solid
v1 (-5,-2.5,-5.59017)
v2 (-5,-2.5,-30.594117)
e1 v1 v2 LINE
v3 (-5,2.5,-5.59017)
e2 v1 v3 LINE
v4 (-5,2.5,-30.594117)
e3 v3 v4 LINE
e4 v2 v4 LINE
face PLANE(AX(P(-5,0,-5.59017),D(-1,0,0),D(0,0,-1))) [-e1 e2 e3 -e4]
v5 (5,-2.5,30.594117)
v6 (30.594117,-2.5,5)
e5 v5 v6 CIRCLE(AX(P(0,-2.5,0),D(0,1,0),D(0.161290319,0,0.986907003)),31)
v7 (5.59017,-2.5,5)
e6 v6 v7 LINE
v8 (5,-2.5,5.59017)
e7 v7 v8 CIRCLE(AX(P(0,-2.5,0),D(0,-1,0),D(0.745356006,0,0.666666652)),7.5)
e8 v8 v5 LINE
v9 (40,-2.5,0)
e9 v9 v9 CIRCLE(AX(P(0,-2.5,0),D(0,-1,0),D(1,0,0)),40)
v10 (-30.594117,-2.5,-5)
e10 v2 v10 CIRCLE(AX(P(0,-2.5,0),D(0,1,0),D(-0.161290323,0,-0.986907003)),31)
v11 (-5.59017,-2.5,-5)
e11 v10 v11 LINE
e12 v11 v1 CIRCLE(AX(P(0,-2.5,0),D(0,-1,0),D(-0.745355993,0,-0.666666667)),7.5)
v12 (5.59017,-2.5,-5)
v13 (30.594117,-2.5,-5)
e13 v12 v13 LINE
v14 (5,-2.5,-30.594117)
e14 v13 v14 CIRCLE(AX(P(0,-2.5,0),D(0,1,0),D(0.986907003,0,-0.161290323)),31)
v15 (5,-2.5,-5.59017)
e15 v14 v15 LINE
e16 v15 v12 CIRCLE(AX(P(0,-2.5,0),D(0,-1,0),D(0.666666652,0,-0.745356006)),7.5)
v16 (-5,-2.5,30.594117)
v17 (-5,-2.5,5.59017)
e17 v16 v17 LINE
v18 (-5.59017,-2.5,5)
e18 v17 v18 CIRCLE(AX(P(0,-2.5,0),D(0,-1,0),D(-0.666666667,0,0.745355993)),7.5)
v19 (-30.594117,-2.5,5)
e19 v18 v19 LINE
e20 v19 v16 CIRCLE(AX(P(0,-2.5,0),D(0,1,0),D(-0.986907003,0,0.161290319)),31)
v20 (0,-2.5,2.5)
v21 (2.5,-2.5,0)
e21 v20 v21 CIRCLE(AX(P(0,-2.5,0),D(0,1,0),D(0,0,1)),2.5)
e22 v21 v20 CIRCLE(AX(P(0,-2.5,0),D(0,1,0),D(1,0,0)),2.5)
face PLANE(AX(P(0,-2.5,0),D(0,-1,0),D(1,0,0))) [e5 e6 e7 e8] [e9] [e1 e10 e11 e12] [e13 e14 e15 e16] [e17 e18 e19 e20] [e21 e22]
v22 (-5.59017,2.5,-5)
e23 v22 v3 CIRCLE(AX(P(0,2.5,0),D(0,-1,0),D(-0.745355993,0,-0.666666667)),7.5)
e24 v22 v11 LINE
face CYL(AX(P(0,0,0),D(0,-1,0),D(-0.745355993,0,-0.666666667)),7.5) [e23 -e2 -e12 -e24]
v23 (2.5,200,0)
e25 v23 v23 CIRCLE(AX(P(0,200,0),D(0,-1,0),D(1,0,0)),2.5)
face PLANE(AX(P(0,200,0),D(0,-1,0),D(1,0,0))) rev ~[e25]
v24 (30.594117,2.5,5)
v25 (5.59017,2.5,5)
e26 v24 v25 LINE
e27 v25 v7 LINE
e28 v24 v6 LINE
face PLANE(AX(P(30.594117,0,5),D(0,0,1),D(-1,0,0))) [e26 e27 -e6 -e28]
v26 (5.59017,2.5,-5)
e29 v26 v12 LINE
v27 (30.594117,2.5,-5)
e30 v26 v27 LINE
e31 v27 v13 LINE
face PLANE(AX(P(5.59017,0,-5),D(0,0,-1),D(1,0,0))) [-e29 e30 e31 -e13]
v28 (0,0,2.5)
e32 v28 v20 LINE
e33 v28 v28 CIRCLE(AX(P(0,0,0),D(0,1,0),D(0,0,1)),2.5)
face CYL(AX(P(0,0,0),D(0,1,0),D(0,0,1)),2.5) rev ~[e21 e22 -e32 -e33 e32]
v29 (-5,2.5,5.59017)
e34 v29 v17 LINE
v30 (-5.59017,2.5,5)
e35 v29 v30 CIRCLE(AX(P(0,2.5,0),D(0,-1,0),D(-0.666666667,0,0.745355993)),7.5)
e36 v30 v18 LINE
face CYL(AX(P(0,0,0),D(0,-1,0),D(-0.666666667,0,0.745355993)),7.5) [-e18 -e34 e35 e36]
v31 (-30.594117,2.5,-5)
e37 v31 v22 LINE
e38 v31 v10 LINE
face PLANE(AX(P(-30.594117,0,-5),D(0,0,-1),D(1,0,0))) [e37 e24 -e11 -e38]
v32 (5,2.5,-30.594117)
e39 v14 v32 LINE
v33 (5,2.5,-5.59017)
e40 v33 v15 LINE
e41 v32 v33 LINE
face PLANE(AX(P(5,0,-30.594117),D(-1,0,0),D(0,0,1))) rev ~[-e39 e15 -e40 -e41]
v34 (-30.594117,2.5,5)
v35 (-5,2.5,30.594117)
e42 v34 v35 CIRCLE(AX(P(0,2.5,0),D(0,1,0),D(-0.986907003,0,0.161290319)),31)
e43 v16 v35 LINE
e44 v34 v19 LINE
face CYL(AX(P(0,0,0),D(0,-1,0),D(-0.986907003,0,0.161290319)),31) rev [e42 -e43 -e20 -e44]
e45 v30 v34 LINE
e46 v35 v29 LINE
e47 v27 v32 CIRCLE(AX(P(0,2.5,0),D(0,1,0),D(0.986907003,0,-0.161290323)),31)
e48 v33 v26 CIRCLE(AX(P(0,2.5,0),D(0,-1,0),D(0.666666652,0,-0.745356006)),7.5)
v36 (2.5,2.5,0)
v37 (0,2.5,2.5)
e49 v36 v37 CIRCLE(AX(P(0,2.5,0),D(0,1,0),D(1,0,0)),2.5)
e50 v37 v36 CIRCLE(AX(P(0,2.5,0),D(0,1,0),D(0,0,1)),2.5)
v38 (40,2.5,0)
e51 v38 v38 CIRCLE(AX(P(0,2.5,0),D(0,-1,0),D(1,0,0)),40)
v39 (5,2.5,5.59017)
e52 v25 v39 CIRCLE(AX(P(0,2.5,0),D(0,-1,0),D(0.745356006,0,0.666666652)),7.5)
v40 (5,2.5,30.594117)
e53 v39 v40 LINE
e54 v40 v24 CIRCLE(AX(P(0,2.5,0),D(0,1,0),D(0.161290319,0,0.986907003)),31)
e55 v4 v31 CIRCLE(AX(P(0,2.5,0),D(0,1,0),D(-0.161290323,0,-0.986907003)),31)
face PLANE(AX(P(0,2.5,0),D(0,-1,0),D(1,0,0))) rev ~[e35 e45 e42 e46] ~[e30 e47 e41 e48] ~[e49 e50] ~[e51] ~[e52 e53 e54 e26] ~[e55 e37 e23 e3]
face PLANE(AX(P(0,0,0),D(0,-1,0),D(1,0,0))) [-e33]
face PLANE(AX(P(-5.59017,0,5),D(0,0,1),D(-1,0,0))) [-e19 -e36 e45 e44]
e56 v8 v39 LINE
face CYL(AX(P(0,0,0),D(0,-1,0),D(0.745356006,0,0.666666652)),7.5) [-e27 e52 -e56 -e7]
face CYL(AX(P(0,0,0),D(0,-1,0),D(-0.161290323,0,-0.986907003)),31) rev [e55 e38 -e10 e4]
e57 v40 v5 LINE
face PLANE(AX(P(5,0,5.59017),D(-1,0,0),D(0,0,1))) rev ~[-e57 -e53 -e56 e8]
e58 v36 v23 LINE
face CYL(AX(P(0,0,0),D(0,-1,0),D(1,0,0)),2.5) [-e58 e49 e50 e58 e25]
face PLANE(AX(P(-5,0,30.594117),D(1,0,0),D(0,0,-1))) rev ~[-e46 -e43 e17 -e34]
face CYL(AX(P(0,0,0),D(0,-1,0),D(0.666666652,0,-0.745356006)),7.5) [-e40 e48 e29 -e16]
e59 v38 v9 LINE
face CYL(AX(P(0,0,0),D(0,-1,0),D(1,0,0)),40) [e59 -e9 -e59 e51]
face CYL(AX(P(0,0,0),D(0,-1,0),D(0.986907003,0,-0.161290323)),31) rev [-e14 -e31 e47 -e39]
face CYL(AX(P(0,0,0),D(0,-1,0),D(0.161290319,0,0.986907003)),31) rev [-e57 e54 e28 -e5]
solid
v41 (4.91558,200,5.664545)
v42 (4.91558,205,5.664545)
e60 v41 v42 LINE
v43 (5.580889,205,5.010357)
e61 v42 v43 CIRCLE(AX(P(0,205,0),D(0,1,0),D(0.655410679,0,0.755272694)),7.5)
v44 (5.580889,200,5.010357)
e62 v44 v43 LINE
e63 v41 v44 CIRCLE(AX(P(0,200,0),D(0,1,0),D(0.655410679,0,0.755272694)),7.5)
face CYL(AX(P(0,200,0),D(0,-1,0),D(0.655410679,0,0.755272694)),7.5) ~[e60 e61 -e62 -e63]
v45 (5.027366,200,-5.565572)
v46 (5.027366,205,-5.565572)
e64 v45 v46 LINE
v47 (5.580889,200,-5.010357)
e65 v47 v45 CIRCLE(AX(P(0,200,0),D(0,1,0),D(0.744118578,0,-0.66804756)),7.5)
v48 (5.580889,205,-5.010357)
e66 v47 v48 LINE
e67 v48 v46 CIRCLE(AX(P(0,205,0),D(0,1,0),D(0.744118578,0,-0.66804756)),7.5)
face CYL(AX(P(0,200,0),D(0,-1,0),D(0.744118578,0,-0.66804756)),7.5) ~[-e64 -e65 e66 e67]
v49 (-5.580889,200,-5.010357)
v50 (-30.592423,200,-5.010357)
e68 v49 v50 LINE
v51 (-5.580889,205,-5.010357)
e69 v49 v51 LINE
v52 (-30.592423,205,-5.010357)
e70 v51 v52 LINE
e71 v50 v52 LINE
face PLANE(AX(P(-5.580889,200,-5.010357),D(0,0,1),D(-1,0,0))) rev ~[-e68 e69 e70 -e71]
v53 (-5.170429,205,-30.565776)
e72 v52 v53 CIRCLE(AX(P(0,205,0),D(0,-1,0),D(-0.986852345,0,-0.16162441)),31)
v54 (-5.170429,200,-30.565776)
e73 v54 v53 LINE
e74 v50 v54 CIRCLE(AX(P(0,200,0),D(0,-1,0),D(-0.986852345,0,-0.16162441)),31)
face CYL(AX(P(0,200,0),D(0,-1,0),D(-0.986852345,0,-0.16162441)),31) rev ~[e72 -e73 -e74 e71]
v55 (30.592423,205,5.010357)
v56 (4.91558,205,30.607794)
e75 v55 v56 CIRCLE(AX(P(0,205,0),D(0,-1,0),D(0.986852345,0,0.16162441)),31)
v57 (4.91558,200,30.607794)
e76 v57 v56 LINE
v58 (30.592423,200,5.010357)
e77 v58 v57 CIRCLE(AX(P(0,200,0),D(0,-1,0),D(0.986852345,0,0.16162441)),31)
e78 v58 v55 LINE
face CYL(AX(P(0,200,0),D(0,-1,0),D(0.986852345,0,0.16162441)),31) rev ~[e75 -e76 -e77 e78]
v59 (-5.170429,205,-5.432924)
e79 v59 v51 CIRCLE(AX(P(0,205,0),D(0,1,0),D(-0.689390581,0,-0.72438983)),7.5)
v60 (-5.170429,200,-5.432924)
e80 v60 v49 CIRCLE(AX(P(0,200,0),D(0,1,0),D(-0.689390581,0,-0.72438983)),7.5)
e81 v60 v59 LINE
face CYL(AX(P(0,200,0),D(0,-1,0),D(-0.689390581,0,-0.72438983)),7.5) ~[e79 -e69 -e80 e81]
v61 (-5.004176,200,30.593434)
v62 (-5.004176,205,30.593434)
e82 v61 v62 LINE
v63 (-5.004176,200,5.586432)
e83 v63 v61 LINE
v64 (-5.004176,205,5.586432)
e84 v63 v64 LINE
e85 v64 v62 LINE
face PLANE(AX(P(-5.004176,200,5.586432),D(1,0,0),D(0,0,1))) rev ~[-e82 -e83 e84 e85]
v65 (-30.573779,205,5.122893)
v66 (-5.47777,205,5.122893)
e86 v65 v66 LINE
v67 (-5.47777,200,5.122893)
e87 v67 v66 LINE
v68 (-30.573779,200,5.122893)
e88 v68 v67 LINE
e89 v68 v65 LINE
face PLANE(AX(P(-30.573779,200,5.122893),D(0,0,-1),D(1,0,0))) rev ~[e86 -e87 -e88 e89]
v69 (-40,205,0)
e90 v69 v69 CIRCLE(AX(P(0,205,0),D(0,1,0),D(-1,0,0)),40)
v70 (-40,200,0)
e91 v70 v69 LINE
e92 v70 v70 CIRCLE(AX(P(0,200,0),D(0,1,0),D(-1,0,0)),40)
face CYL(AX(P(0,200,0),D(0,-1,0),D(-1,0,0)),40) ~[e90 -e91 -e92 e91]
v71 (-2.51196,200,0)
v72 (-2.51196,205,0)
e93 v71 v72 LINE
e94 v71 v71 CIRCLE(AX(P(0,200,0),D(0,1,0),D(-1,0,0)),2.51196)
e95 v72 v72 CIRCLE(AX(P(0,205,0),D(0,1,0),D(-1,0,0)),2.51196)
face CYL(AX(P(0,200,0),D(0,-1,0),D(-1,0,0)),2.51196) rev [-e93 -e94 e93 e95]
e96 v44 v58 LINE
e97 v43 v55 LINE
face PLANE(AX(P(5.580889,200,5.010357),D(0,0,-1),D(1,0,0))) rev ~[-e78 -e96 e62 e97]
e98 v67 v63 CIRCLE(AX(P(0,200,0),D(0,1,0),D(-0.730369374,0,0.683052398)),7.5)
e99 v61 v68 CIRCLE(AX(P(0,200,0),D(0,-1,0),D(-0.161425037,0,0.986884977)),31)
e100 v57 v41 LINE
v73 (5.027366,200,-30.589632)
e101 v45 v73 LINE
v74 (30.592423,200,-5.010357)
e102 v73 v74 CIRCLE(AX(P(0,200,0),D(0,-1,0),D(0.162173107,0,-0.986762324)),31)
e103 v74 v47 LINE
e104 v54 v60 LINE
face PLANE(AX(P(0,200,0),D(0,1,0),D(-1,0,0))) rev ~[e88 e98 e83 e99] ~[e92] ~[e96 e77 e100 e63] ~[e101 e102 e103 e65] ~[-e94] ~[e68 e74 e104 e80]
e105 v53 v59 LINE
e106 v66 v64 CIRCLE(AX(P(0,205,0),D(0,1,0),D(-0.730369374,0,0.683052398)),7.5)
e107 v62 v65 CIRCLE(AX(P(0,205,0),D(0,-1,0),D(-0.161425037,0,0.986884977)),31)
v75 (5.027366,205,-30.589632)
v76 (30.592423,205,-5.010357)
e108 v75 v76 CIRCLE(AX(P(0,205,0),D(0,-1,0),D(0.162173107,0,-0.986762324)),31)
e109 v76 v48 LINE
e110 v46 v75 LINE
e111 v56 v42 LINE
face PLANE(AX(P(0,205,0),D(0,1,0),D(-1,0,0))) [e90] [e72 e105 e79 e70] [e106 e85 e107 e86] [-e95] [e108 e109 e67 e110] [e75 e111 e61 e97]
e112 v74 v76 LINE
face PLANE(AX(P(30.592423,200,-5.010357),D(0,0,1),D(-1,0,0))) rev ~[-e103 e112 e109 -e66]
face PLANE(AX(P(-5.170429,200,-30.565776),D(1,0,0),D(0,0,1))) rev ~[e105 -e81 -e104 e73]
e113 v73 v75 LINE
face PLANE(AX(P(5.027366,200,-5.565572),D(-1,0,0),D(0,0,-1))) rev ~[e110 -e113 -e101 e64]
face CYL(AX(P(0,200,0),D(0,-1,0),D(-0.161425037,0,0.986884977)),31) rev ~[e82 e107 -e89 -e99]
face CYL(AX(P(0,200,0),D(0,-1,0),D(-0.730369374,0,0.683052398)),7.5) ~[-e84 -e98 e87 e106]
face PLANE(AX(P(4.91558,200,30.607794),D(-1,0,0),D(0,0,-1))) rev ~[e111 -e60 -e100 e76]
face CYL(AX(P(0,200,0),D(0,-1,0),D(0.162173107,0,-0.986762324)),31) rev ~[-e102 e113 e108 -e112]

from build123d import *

# Parameters (mm, degrees)
F0_R     = 40
F1_DEPTH = 2.5
F2_R     = 2.5
F3_DEPTH = 200
F4_R     = 40
F4_R_2   = 2.5119602208
F5_DEPTH = 5


with BuildPart() as f1:
    # F0 (on Front) → F1 (new body, symmetric)
    with BuildSketch(Plane.XZ):
        Circle(F0_R)
        with BuildLine():
            Line((-30.5941170816, -5), (-5.5901699437, -5))
            ThreePointArc((-5.5901699437, -5), (-5.3033008589, -5.3033008589), (-5, -5.5901699437))
            Line((-5, -5.5901699437), (-5, -30.5941170816))
            ThreePointArc((-5, -30.5941170816), (-21.9203102168, -21.9203102168), (-30.5941170816, -5))
        make_face(mode=Mode.SUBTRACT)
        with BuildLine():
            ThreePointArc((30.5941170816, -5), (21.9203101767, -21.9203102568), (4.9999998882, -30.5941170998))
            Line((4.9999998882, -30.5941170998), (4.9999998882, -5.5901700437))
            ThreePointArc((4.9999998882, -5.5901700437), (5.3033008059, -5.3033009119), (5.5901699437, -5))
            Line((5.5901699437, -5), (30.5941170816, -5))
        make_face(mode=Mode.SUBTRACT)
        with BuildLine():
            ThreePointArc((-30.5941170998, 4.9999998882), (-21.9203102568, 21.9203101767), (-5, 30.5941170816))
            Line((-5, 30.5941170816), (-5, 5.5901699437))
            ThreePointArc((-5, 5.5901699437), (-5.3033009119, 5.3033008059), (-5.5901700437, 4.9999998882))
            Line((-5.5901700437, 4.9999998882), (-30.5941170998, 4.9999998882))
        make_face(mode=Mode.SUBTRACT)
        with BuildLine():
            ThreePointArc((0, 2.5), (1.767766953, 1.767766953), (2.5, 0))
            ThreePointArc((2.5, 0), (-1.767766953, -1.767766953), (0, 2.5))
        make_face(mode=Mode.SUBTRACT)
        with BuildLine():
            Line((4.9999998882, 5.5901700437), (4.9999998882, 30.5941170998))
            ThreePointArc((4.9999998882, 30.5941170998), (21.9203102168, 21.9203102168), (30.5941170998, 4.9999998882))
            Line((30.5941170998, 4.9999998882), (5.5901700437, 4.9999998882))
            ThreePointArc((5.5901700437, 4.9999998882), (5.3033008589, 5.3033008589), (4.9999998882, 5.5901700437))
        make_face(mode=Mode.SUBTRACT)
    extrude(amount=F1_DEPTH, both=True)

    # F2 (on Front) → F3 (join)
    with BuildSketch(Plane.XZ):
        Circle(F2_R)
    extrude(amount=-F3_DEPTH)


with BuildPart() as f5:
    # F4 (on face) → F5 (new body)
    with BuildSketch(Plane(origin=(0, 200, 0), x_dir=(-1, 0, 0), z_dir=(0, 1, 0))):
        Circle(F4_R)
        with BuildLine():
            ThreePointArc((-5.0273663049, -30.589632035), (-21.9264035722, -21.9142151671), (-30.5924226853, -5.0103566985))
            Line((-30.5924226853, -5.0103566985), (-5.5808893335, -5.0103566985))
            ThreePointArc((-5.5808893335, -5.0103566985), (-5.3113875625, -5.2952018055), (-5.0273663049, -5.565571672))
            Line((-5.0273663049, -5.565571672), (-5.0273663049, -30.589632035))
        make_face(mode=Mode.SUBTRACT)
        with BuildLine():
            Line((5.17042936, -30.5657759632), (5.17042936, -5.4329237279))
            ThreePointArc((5.17042936, -5.4329237279), (5.3798098606, -5.2256718098), (5.5808893335, -5.0103566985))
            Line((5.5808893335, -5.0103566985), (30.5924226853, -5.0103566985))
            ThreePointArc((30.5924226853, -5.0103566985), (21.9776081513, -21.862862117), (5.17042936, -30.5657759632))
        make_face(mode=Mode.SUBTRACT)
        with BuildLine():
            ThreePointArc((-4.9155800954, 5.6645452002), (-5.2584178483, 5.3478071892), (-5.5808893335, 5.0103566985))
            Line((-5.5808893335, 5.0103566985), (-30.5924226853, 5.0103566985))
            ThreePointArc((-30.5924226853, 5.0103566985), (-21.8863374824, 21.9542303806), (-4.9155800954, 30.6077943068))
            Line((-4.9155800954, 30.6077943068), (-4.9155800954, 5.6645452002))
        make_face(mode=Mode.SUBTRACT)
        Circle(F4_R_2, mode=Mode.SUBTRACT)
        with BuildLine():
            ThreePointArc((5.0041761406, 30.5934342818), (21.8777248123, 21.9628130492), (30.5737790837, 5.1228929856))
            Line((30.5737790837, 5.1228929856), (5.4777702998, 5.1228929856))
            ThreePointArc((5.4777702998, 5.1228929856), (5.2460954406, 5.3598957666), (5.0041761406, 5.5864318804))
            Line((5.0041761406, 5.5864318804), (5.0041761406, 30.5934342818))
        make_face(mode=Mode.SUBTRACT)
    extrude(amount=F5_DEPTH)


solid = Compound([f1.part, f5.part])
